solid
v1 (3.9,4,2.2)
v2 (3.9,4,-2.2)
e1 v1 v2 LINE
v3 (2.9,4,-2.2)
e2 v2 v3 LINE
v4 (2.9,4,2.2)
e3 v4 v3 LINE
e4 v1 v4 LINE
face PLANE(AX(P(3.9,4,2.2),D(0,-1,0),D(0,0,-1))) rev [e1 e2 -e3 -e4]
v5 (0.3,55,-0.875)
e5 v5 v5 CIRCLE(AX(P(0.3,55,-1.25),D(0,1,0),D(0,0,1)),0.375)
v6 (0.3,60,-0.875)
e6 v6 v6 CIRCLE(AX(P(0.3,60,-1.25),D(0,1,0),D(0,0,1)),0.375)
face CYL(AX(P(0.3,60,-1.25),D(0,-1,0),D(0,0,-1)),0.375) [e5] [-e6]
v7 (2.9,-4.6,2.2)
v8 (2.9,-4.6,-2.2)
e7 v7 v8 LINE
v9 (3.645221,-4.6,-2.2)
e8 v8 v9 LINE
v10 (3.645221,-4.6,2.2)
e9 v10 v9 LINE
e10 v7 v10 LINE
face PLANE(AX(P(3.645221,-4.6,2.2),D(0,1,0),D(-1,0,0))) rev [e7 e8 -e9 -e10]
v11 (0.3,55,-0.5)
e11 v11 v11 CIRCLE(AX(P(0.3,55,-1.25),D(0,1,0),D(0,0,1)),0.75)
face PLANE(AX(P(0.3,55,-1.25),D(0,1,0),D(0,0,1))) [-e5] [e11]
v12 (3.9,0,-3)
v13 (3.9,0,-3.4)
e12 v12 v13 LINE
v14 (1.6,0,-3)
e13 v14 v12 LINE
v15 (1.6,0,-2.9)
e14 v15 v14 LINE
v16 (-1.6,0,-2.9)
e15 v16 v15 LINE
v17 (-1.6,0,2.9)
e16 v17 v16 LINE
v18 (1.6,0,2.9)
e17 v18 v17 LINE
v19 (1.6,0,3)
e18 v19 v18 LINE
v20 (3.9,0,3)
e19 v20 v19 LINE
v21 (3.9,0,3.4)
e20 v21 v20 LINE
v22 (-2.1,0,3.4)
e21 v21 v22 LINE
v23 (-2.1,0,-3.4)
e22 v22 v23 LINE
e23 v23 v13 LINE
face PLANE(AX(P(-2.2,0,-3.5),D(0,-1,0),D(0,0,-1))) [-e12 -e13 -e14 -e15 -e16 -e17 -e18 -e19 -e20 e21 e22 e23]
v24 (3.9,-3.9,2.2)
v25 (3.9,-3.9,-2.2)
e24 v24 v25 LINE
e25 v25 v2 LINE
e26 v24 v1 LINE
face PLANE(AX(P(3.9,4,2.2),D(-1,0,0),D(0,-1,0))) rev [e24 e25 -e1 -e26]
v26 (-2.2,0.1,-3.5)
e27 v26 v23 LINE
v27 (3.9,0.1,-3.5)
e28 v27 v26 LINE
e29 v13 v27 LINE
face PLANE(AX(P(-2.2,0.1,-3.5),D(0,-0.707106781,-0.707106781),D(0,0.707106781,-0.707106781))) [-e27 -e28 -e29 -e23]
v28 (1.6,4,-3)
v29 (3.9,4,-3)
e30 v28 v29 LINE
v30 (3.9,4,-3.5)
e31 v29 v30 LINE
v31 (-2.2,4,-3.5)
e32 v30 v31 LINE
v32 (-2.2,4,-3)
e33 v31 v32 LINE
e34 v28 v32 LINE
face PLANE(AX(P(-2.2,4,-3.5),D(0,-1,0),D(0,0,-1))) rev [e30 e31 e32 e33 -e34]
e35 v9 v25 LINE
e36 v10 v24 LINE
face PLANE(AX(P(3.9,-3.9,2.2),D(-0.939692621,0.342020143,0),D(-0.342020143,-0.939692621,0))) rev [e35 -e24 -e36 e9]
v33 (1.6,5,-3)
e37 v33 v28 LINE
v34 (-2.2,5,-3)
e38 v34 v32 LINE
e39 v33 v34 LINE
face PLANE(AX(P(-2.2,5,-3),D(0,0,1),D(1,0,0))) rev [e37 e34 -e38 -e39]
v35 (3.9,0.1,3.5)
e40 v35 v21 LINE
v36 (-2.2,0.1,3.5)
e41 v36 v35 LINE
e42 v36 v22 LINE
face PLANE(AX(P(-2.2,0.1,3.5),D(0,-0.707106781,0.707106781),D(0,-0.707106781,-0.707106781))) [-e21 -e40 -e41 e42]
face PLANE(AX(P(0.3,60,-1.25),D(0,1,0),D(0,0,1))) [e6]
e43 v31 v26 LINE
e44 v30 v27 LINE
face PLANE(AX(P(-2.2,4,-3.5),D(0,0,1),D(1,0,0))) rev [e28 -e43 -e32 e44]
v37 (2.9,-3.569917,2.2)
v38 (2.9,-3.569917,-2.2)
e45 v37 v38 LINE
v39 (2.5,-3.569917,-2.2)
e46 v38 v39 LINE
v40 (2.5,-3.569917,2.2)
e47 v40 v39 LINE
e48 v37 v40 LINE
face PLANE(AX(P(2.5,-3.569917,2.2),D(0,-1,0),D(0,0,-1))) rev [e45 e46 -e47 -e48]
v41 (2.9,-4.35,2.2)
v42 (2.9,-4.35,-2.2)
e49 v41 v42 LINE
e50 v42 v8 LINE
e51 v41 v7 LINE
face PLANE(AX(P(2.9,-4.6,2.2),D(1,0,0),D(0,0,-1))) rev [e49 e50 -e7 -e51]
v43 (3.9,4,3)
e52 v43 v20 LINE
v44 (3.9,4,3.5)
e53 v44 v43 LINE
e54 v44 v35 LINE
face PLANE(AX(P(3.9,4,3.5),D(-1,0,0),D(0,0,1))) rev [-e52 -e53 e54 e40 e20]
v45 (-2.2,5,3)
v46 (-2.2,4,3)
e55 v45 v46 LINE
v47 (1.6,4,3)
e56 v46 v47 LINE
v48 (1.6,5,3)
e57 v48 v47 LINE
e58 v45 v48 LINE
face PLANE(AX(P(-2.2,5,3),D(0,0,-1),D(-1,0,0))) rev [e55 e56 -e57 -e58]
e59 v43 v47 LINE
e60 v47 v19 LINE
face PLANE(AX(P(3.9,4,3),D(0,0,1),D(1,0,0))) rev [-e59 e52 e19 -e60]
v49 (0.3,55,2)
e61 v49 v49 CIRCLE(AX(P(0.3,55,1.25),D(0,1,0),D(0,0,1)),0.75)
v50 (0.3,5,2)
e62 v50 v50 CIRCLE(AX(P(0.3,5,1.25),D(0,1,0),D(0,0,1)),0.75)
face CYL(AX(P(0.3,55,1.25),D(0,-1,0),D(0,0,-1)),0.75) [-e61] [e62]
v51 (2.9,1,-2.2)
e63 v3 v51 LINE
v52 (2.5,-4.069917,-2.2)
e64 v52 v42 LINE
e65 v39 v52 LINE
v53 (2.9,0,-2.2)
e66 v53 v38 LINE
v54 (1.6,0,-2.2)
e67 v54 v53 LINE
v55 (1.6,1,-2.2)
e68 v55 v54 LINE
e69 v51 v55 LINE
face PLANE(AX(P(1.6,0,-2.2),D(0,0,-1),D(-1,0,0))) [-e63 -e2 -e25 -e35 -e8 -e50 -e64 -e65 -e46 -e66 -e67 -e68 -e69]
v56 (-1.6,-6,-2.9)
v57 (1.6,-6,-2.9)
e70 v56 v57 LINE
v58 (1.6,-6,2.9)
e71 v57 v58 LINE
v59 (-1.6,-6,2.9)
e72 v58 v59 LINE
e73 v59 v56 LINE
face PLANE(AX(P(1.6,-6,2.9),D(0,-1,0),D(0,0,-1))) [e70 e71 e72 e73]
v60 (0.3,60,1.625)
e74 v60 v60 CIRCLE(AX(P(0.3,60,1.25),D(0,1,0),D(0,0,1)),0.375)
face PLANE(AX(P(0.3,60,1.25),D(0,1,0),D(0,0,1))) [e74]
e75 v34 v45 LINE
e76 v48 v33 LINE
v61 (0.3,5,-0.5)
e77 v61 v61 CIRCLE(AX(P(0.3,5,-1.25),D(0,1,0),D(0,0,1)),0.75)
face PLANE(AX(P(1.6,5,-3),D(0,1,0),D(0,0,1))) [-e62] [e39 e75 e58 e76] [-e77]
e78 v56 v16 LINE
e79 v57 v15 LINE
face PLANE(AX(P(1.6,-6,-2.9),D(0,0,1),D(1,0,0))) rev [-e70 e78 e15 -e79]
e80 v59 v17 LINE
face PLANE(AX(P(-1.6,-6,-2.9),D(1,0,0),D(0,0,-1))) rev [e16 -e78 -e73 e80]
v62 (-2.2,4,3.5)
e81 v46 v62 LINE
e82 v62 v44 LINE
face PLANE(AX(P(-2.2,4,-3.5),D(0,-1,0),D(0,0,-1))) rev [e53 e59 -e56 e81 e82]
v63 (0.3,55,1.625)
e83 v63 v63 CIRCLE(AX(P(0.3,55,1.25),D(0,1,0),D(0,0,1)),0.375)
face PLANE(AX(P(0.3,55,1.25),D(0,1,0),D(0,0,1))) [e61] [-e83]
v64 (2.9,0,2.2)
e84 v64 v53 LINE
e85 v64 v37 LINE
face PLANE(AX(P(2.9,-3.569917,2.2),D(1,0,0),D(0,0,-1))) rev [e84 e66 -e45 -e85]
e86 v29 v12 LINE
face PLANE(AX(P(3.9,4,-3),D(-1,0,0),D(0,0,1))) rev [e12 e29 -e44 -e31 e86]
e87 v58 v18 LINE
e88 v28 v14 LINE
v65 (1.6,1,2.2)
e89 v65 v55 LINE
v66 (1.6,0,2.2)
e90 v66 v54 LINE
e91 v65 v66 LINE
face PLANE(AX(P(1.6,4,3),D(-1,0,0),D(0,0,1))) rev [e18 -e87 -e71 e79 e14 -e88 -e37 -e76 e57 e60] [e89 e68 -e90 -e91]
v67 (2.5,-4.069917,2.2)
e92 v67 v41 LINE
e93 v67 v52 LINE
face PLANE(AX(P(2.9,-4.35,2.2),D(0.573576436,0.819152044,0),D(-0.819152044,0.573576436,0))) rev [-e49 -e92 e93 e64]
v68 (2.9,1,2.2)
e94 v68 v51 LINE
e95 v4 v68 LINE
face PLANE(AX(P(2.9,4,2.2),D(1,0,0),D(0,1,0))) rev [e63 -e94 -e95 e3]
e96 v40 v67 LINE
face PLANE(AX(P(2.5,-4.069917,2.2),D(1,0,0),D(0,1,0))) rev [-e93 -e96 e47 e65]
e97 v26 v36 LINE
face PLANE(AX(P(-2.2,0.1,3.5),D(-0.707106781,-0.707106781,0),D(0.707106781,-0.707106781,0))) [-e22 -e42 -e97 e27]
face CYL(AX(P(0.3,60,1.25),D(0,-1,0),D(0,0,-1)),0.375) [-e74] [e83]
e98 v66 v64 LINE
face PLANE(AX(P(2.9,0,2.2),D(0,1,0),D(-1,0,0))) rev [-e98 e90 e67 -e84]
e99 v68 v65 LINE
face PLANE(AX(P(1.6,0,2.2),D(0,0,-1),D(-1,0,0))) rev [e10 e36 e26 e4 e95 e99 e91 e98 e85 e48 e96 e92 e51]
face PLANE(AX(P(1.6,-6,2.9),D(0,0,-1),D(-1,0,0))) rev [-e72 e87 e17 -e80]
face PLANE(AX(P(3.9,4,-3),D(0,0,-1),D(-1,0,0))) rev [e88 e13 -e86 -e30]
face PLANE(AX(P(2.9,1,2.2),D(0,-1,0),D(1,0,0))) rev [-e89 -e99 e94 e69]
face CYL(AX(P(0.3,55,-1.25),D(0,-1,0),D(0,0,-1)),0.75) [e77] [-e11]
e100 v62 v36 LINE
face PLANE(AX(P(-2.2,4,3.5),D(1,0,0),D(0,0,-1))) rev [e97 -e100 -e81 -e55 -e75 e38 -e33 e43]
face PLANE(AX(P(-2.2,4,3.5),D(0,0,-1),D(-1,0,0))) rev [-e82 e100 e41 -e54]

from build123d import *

# Parameters (mm, degrees)
BASE_EXTRUDE_DEPTH       = 4
SKETCH2_W                = 3.8
SKETCH2_H                = 6
BOSS_EXTRUDE1_DEPTH      = 1
SKETCH3_W                = 3.2
SKETCH3_H                = 5.8
BOSS_EXTRUDE2_DEPTH      = 6
BOSS_EXTRUDE3_DEPTH      = 2.2
WIRE_INSULATION_SKETCH_R = 0.75
WIRE_INSULATION_DEPTH    = 50
WIRE_SKETCH_R            = 0.375
WIRE_2_DEPTH             = 5
CHAMFER1_SIZE            = 0.1


with BuildPart() as part:
    # Sketch1 → Base-Extrude (new body)
    with BuildSketch(Plane(origin=(0, 0, 0), x_dir=(1, 0, 0), z_dir=(0, 1, 0))):
        Polygon((3.9, 3), (3.9, 3.5), (-2.2, 3.5), (-2.2, -3.5), (3.9, -3.5), (3.9, -3), (1.6, -3), (1.6, 3), align=None)
    extrude(amount=BASE_EXTRUDE_DEPTH)

    # Sketch2 → Boss-Extrude1 (add)
    with BuildSketch(Plane(origin=(0, 4, 0), x_dir=(-1, 0, 0), z_dir=(0, 1, 0))):
        with Locations((0.3, 0)):
            Rectangle(SKETCH2_W, SKETCH2_H)
    extrude(amount=BOSS_EXTRUDE1_DEPTH)

    # Sketch3 → Boss-Extrude2 (add)
    with BuildSketch(Plane.XZ):
        Rectangle(SKETCH3_W, SKETCH3_H)
    extrude(amount=BOSS_EXTRUDE2_DEPTH)

    # Sketch4 → Boss-Extrude3 (add, symmetric)
    with BuildSketch(Plane.XY):
        Polygon((1.6, 0), (1.6, 1), (2.9, 1), (2.9, 4), (3.9, 4), (3.9, -3.9), (3.645220836, -4.6), (2.9, -4.6), (2.9, -4.35), (2.5, -4.069916985), (2.5, -3.569916985), (2.9, -3.569916985), (2.9, 0), align=None)
    extrude(amount=BOSS_EXTRUDE3_DEPTH, both=True)

    # Wire Insulation Sketch → Wire Insulation (add)
    with BuildSketch(Plane(origin=(0, 5, 0), x_dir=(-1, 0, 0), z_dir=(0, 1, 0))):
        with Locations(Location((-0.3, 1.25, 0), (0, 0, 90))):
            Circle(WIRE_INSULATION_SKETCH_R)
        with Locations(Location((-0.3, -1.25, 0), (0, 0, 90))):
            Circle(WIRE_INSULATION_SKETCH_R)
    extrude(amount=WIRE_INSULATION_DEPTH)

    # Wire Sketch → Wire 2 (add)
    with BuildSketch(Plane(origin=(0, 55, 0), x_dir=(-1, 0, 0), z_dir=(0, 1, 0))):
        with Locations(Location((-0.3, -1.25, 0), (0, 0, 90))):
            Circle(WIRE_SKETCH_R)
        with Locations(Location((-0.3, 1.25, 0), (0, 0, 90))):
            Circle(WIRE_SKETCH_R)
    extrude(amount=WIRE_2_DEPTH)

    # Chamfer1
    chamfer1_edges = [part.edges().sort_by_distance(p)[0] for p in [
        (0.85, 0, 3.5),
        (-2.2, 0, 0),
        (0.85, 0, -3.5),
    ]]
    chamfer(chamfer1_edges, length=CHAMFER1_SIZE)


solid = part.part
